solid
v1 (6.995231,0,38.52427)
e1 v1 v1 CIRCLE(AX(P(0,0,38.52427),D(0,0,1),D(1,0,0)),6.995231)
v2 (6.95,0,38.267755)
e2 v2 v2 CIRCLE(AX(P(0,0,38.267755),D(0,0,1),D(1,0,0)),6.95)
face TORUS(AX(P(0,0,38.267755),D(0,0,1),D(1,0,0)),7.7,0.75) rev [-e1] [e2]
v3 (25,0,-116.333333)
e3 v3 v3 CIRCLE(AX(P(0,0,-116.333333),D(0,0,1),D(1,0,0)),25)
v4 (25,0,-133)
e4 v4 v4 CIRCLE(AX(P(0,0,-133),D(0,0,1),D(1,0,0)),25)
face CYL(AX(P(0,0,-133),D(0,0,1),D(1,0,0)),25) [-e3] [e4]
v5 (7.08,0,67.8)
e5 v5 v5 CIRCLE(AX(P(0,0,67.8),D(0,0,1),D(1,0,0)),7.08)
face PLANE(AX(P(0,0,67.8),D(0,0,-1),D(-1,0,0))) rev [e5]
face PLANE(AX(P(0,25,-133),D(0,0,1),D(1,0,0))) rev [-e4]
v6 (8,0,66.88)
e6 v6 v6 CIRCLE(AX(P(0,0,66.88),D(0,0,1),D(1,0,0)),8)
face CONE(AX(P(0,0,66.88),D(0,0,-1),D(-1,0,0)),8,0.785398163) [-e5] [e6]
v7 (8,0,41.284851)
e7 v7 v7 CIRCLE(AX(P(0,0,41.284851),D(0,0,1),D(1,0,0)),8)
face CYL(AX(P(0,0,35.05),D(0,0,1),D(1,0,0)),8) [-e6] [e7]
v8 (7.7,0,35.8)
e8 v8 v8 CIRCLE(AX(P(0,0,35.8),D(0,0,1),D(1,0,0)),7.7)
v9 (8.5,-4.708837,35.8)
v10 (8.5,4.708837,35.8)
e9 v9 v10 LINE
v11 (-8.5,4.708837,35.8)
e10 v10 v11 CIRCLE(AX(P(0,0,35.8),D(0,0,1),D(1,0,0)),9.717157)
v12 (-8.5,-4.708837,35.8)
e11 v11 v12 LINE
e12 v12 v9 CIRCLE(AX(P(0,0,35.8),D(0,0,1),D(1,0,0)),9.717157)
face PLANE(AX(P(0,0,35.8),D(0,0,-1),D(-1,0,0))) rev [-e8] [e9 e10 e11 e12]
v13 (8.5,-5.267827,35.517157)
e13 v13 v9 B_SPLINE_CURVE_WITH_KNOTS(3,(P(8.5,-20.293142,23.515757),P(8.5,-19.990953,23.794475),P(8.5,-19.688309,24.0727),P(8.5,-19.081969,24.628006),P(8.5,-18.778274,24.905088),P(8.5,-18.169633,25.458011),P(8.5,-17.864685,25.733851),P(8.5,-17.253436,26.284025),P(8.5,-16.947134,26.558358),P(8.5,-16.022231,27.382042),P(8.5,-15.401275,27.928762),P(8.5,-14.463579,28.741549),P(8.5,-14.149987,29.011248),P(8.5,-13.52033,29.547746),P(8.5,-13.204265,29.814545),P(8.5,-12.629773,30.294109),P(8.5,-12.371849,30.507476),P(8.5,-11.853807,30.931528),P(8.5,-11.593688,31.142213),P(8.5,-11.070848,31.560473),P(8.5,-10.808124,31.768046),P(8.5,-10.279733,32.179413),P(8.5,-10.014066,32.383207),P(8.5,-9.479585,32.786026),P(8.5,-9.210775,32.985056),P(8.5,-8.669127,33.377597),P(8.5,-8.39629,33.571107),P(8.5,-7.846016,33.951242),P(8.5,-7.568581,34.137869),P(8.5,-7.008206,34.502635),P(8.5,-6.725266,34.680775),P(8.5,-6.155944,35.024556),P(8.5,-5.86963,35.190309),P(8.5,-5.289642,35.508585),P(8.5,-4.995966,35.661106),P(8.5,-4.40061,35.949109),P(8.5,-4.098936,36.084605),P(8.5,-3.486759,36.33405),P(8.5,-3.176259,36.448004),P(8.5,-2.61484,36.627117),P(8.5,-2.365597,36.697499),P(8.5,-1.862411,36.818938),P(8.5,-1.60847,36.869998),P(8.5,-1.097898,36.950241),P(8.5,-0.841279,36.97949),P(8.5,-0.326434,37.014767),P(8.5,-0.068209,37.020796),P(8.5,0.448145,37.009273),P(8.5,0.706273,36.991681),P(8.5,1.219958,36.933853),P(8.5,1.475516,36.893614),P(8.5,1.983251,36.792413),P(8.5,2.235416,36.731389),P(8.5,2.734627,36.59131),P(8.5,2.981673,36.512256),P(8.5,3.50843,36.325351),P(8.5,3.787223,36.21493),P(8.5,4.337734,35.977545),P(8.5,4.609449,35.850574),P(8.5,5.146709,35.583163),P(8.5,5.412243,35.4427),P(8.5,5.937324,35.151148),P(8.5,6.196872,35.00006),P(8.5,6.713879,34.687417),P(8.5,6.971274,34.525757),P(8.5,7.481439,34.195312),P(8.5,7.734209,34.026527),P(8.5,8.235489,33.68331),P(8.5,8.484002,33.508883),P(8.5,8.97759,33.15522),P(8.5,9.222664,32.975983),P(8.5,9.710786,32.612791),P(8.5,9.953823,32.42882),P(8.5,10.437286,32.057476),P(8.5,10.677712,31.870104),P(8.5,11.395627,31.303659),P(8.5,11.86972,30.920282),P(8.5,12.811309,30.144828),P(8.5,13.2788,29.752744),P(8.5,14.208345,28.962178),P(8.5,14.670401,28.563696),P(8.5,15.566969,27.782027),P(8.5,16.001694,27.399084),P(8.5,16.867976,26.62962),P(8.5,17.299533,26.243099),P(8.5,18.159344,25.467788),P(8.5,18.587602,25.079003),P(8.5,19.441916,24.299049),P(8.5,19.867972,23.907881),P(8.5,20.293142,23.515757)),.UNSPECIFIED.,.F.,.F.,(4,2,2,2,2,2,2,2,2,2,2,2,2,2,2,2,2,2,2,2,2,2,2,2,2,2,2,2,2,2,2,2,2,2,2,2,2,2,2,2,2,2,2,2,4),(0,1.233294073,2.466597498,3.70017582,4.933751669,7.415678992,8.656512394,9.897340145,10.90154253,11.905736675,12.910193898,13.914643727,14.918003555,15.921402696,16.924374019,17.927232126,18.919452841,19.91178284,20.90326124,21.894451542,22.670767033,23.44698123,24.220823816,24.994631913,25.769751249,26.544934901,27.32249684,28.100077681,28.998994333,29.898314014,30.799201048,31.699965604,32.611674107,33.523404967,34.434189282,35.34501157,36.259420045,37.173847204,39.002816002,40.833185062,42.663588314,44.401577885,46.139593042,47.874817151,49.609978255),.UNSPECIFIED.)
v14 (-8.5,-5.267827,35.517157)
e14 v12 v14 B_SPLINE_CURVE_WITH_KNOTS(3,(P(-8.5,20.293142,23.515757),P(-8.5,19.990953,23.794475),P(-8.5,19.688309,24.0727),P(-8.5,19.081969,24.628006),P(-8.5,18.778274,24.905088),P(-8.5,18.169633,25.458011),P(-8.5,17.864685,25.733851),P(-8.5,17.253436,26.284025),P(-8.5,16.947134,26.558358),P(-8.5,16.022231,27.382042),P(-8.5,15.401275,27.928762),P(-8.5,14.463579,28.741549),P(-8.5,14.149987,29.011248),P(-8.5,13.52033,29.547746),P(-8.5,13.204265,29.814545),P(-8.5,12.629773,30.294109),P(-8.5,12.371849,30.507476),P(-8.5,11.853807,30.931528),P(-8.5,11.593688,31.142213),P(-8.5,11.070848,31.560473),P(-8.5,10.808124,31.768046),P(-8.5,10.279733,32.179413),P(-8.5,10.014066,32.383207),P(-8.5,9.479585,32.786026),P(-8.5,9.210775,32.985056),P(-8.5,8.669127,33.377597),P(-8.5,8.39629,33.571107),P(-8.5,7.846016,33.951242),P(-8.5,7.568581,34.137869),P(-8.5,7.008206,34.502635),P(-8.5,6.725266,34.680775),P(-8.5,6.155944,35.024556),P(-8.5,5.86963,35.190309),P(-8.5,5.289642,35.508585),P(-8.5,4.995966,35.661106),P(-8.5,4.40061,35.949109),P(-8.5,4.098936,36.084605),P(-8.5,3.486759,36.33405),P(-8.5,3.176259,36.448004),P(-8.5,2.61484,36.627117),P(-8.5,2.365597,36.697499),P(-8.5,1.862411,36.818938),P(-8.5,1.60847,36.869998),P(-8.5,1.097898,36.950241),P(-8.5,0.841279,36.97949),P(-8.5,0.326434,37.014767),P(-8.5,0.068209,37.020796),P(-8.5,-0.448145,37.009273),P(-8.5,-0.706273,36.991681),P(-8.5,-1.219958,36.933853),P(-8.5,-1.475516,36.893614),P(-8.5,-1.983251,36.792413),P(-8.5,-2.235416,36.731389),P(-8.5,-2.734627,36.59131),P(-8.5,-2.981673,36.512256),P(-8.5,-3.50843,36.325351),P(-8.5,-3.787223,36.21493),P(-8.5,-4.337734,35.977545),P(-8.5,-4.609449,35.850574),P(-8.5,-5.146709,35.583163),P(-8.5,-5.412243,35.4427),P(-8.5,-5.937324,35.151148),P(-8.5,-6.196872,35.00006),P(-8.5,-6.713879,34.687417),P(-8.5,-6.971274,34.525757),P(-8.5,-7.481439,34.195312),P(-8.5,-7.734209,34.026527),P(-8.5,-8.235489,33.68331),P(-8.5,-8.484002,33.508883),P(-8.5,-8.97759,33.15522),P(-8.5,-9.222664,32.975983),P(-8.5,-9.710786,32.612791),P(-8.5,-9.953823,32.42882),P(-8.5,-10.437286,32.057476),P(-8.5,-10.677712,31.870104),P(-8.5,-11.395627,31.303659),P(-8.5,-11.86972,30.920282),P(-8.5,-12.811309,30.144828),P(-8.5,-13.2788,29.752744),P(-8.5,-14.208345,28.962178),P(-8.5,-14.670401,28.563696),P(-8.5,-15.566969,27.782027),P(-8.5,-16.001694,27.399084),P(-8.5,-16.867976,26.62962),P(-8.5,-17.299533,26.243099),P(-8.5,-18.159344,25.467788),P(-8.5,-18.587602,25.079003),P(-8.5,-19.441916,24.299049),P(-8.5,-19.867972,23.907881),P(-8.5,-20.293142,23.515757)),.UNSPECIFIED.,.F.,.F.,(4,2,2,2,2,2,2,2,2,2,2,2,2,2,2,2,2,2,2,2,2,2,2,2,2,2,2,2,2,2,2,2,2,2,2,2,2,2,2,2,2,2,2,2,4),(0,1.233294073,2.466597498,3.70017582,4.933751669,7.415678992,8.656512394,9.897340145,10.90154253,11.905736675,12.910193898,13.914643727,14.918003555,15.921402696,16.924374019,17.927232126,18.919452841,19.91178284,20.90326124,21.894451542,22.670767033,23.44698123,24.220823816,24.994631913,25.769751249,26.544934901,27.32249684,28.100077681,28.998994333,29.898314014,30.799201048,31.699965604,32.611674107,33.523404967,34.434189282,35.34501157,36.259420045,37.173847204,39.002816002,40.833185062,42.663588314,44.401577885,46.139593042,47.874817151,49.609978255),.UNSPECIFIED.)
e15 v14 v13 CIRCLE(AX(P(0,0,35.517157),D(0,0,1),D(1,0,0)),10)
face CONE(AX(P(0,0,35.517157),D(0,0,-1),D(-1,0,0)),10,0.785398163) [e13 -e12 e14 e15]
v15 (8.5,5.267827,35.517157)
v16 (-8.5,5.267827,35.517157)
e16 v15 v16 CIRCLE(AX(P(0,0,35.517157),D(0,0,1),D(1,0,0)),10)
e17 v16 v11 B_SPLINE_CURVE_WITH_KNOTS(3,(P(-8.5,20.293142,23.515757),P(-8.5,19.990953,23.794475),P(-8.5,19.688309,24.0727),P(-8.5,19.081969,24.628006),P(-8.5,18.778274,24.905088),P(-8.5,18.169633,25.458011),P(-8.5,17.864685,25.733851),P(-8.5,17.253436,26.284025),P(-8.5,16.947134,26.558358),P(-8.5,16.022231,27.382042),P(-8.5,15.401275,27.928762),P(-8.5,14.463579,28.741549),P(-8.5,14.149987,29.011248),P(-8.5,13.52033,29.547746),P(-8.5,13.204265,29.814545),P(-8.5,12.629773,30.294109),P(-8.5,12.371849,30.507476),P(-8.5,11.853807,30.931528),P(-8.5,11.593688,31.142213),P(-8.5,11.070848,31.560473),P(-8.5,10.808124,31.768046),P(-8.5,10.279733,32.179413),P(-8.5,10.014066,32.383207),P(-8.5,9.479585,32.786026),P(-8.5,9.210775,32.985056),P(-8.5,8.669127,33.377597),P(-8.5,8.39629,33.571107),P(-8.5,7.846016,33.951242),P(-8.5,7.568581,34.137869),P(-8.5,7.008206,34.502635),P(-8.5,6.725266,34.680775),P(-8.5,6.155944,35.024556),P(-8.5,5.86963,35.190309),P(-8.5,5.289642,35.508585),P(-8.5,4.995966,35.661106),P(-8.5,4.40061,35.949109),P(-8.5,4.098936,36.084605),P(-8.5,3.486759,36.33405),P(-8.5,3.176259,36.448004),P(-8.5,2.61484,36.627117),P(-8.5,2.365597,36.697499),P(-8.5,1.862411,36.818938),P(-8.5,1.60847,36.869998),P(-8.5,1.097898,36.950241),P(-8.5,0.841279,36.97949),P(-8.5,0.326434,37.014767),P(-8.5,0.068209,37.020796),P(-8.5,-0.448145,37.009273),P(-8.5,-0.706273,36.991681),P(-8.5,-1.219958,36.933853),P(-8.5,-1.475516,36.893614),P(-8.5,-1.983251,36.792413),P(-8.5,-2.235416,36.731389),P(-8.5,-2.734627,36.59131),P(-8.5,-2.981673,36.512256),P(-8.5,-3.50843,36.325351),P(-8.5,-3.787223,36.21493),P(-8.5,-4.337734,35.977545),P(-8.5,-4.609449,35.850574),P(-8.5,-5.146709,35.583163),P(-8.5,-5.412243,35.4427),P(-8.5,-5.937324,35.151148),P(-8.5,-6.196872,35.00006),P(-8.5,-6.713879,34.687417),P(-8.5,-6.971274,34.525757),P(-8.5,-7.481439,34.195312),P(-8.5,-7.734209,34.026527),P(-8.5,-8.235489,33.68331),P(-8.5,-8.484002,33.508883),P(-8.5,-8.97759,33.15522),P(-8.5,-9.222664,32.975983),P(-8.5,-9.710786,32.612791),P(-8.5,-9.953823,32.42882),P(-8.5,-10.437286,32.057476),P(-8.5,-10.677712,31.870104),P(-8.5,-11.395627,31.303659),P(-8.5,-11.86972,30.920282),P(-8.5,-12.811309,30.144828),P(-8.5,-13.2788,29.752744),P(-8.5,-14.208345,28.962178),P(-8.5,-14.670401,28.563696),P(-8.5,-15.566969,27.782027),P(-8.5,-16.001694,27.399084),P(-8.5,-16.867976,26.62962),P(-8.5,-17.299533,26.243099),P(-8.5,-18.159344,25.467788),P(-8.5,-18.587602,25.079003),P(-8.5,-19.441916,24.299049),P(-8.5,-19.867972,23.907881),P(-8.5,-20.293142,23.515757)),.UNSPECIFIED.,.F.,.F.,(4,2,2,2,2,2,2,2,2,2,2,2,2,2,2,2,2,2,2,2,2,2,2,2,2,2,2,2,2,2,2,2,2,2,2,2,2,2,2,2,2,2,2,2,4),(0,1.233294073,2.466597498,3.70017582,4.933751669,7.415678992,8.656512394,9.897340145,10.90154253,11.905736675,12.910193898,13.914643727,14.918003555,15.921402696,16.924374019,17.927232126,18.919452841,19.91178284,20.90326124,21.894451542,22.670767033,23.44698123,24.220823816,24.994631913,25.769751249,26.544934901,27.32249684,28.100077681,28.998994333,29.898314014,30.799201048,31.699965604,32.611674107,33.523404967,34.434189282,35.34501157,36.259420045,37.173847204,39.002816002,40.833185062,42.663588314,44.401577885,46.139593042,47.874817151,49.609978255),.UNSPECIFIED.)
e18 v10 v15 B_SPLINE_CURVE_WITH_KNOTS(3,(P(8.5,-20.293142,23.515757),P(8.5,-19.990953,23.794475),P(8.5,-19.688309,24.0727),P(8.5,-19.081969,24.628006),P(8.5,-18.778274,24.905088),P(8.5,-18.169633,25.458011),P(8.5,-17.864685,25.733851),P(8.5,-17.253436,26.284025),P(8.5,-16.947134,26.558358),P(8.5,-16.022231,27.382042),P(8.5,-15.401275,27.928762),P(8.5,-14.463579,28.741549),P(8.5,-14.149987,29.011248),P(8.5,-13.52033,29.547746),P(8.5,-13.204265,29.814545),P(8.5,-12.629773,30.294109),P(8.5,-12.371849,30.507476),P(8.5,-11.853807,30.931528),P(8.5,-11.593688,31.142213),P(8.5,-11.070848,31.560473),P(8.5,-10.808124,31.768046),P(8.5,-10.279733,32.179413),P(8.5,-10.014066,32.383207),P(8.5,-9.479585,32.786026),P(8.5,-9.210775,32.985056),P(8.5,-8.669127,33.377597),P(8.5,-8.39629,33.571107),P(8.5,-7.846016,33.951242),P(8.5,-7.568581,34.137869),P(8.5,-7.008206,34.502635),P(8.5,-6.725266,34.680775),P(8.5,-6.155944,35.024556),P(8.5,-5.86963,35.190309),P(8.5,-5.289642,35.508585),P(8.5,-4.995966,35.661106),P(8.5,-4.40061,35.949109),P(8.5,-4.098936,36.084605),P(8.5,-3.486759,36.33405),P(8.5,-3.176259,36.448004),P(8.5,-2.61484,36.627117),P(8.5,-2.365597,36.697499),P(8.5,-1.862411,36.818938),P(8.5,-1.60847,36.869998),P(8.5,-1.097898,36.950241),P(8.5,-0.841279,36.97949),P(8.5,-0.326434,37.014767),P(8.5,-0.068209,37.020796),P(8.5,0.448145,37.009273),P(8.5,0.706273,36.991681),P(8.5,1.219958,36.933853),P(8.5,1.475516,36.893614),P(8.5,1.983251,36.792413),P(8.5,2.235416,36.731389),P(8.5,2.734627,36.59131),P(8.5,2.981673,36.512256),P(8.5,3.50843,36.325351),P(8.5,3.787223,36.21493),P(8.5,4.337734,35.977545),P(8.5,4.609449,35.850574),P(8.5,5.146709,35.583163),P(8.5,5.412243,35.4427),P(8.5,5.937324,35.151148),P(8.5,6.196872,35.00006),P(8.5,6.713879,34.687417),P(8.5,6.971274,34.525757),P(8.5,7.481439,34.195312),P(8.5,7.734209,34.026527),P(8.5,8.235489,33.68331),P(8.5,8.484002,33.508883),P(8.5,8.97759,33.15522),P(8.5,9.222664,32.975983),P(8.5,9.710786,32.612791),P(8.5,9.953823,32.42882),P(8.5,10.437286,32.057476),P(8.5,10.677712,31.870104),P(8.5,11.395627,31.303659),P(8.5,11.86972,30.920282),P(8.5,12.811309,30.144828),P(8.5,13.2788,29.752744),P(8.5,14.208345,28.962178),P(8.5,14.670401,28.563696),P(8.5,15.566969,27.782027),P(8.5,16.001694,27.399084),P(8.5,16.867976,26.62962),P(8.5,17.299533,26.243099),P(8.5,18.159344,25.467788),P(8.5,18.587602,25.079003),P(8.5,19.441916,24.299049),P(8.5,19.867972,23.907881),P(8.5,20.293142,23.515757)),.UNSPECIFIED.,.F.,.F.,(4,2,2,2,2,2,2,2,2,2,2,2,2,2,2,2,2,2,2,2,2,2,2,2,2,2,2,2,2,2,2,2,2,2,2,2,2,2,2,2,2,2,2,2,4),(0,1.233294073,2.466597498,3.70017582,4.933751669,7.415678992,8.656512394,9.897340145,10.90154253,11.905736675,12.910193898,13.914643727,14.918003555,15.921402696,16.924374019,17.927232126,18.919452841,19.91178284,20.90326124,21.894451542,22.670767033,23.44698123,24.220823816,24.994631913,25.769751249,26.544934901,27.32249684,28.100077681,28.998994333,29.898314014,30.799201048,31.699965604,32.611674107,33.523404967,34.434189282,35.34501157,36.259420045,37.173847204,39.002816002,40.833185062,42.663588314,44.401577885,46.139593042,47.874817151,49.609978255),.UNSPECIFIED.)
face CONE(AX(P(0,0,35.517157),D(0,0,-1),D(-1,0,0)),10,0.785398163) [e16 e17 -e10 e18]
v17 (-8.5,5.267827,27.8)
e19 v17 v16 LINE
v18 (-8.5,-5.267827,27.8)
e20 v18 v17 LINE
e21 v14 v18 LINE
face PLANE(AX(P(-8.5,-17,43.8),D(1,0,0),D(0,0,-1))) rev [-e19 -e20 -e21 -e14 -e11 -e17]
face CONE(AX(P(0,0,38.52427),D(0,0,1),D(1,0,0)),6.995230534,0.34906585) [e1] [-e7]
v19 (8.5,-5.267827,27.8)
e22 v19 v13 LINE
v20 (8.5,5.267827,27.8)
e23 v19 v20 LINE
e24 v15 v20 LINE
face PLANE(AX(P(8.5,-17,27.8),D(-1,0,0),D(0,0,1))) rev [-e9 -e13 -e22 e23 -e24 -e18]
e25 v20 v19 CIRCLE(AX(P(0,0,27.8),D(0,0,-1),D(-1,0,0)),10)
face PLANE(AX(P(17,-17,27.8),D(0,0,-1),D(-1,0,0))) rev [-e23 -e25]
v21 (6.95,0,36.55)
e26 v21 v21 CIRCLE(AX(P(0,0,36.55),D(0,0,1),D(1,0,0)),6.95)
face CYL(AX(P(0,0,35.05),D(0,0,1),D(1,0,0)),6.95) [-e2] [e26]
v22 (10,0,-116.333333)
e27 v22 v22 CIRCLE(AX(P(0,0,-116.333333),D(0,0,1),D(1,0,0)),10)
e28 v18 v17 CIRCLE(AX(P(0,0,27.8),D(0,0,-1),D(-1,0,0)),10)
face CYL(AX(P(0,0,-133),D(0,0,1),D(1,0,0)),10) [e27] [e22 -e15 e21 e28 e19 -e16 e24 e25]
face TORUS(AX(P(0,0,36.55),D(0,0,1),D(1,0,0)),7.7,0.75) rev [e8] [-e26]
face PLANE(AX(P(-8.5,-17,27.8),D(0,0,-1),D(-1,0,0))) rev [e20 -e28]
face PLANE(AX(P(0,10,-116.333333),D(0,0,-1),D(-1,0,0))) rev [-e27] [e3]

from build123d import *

# Parameters (mm, degrees)
CUT_EXTRUDE1_DEPTH      = 17
CUT_EXTRUDE1_DEPTH_BACK = 17


with BuildPart() as part:
    # Sketch1 → Revolve1 (revolve)
    with BuildSketch(Plane(origin=(0, 0, 0), x_dir=(0, 0, -1), z_dir=(1, 0, 0))):
        Polygon((-35.8, 0), (-35.8, 9.717157288), (-35.517157288, 10), (116.333333333, 10), (116.333333333, 25), (133, 25), (133, 0), align=None)
    revolve(axis=Axis((0, 0, -133), (0, 0, 1)))

    # Sketch2 → Cut-Extrude1 (cut, two sides: drawn at the far end of the back side and taken through both)
    with BuildSketch(Plane(origin=(0, 0, 0), x_dir=(1, 0, 0), z_dir=(0, 1, 0)).offset(-CUT_EXTRUDE1_DEPTH_BACK)):
        Polygon((-17, -61.8), (17, -61.8), (17, -27.8), (8.5, -27.8), (8.5, -43.8), (-8.5, -43.8), (-8.5, -27.8), (-17, -27.8), align=None)
    extrude(amount=CUT_EXTRUDE1_DEPTH + CUT_EXTRUDE1_DEPTH_BACK, mode=Mode.SUBTRACT)

    # Sketch3 → Revolve2 (revolve)
    with BuildSketch(Plane(origin=(0, 0, 0), x_dir=(0, 0, -1), z_dir=(1, 0, 0))):
        with BuildLine():
            Line((-67.8, 0), (-67.8, 7.08))
            Line((-67.8, 7.08), (-66.88, 8))
            Line((-66.88, 8), (-41.28485129, 8))
            Line((-41.28485129, 8), (-38.524269872, 6.995230534))
            ThreePointArc((-38.524269872, 6.995230534), (-38.397990898, 6.961394185), (-38.267754764, 6.95))
            Line((-38.267754764, 6.95), (-36.55, 6.95))
            ThreePointArc((-36.55, 6.95), (-36.019669914, 7.169669914), (-35.8, 7.7))
            Line((-35.8, 7.7), (-35.05, 7.7))
            Line((-35.05, 7.7), (-35.05, 0))
            Line((-35.05, 0), (-67.8, 0))
        make_face()
    revolve(axis=Axis((0, 0, 35.05), (0, 0, 1)))


solid = part.part
